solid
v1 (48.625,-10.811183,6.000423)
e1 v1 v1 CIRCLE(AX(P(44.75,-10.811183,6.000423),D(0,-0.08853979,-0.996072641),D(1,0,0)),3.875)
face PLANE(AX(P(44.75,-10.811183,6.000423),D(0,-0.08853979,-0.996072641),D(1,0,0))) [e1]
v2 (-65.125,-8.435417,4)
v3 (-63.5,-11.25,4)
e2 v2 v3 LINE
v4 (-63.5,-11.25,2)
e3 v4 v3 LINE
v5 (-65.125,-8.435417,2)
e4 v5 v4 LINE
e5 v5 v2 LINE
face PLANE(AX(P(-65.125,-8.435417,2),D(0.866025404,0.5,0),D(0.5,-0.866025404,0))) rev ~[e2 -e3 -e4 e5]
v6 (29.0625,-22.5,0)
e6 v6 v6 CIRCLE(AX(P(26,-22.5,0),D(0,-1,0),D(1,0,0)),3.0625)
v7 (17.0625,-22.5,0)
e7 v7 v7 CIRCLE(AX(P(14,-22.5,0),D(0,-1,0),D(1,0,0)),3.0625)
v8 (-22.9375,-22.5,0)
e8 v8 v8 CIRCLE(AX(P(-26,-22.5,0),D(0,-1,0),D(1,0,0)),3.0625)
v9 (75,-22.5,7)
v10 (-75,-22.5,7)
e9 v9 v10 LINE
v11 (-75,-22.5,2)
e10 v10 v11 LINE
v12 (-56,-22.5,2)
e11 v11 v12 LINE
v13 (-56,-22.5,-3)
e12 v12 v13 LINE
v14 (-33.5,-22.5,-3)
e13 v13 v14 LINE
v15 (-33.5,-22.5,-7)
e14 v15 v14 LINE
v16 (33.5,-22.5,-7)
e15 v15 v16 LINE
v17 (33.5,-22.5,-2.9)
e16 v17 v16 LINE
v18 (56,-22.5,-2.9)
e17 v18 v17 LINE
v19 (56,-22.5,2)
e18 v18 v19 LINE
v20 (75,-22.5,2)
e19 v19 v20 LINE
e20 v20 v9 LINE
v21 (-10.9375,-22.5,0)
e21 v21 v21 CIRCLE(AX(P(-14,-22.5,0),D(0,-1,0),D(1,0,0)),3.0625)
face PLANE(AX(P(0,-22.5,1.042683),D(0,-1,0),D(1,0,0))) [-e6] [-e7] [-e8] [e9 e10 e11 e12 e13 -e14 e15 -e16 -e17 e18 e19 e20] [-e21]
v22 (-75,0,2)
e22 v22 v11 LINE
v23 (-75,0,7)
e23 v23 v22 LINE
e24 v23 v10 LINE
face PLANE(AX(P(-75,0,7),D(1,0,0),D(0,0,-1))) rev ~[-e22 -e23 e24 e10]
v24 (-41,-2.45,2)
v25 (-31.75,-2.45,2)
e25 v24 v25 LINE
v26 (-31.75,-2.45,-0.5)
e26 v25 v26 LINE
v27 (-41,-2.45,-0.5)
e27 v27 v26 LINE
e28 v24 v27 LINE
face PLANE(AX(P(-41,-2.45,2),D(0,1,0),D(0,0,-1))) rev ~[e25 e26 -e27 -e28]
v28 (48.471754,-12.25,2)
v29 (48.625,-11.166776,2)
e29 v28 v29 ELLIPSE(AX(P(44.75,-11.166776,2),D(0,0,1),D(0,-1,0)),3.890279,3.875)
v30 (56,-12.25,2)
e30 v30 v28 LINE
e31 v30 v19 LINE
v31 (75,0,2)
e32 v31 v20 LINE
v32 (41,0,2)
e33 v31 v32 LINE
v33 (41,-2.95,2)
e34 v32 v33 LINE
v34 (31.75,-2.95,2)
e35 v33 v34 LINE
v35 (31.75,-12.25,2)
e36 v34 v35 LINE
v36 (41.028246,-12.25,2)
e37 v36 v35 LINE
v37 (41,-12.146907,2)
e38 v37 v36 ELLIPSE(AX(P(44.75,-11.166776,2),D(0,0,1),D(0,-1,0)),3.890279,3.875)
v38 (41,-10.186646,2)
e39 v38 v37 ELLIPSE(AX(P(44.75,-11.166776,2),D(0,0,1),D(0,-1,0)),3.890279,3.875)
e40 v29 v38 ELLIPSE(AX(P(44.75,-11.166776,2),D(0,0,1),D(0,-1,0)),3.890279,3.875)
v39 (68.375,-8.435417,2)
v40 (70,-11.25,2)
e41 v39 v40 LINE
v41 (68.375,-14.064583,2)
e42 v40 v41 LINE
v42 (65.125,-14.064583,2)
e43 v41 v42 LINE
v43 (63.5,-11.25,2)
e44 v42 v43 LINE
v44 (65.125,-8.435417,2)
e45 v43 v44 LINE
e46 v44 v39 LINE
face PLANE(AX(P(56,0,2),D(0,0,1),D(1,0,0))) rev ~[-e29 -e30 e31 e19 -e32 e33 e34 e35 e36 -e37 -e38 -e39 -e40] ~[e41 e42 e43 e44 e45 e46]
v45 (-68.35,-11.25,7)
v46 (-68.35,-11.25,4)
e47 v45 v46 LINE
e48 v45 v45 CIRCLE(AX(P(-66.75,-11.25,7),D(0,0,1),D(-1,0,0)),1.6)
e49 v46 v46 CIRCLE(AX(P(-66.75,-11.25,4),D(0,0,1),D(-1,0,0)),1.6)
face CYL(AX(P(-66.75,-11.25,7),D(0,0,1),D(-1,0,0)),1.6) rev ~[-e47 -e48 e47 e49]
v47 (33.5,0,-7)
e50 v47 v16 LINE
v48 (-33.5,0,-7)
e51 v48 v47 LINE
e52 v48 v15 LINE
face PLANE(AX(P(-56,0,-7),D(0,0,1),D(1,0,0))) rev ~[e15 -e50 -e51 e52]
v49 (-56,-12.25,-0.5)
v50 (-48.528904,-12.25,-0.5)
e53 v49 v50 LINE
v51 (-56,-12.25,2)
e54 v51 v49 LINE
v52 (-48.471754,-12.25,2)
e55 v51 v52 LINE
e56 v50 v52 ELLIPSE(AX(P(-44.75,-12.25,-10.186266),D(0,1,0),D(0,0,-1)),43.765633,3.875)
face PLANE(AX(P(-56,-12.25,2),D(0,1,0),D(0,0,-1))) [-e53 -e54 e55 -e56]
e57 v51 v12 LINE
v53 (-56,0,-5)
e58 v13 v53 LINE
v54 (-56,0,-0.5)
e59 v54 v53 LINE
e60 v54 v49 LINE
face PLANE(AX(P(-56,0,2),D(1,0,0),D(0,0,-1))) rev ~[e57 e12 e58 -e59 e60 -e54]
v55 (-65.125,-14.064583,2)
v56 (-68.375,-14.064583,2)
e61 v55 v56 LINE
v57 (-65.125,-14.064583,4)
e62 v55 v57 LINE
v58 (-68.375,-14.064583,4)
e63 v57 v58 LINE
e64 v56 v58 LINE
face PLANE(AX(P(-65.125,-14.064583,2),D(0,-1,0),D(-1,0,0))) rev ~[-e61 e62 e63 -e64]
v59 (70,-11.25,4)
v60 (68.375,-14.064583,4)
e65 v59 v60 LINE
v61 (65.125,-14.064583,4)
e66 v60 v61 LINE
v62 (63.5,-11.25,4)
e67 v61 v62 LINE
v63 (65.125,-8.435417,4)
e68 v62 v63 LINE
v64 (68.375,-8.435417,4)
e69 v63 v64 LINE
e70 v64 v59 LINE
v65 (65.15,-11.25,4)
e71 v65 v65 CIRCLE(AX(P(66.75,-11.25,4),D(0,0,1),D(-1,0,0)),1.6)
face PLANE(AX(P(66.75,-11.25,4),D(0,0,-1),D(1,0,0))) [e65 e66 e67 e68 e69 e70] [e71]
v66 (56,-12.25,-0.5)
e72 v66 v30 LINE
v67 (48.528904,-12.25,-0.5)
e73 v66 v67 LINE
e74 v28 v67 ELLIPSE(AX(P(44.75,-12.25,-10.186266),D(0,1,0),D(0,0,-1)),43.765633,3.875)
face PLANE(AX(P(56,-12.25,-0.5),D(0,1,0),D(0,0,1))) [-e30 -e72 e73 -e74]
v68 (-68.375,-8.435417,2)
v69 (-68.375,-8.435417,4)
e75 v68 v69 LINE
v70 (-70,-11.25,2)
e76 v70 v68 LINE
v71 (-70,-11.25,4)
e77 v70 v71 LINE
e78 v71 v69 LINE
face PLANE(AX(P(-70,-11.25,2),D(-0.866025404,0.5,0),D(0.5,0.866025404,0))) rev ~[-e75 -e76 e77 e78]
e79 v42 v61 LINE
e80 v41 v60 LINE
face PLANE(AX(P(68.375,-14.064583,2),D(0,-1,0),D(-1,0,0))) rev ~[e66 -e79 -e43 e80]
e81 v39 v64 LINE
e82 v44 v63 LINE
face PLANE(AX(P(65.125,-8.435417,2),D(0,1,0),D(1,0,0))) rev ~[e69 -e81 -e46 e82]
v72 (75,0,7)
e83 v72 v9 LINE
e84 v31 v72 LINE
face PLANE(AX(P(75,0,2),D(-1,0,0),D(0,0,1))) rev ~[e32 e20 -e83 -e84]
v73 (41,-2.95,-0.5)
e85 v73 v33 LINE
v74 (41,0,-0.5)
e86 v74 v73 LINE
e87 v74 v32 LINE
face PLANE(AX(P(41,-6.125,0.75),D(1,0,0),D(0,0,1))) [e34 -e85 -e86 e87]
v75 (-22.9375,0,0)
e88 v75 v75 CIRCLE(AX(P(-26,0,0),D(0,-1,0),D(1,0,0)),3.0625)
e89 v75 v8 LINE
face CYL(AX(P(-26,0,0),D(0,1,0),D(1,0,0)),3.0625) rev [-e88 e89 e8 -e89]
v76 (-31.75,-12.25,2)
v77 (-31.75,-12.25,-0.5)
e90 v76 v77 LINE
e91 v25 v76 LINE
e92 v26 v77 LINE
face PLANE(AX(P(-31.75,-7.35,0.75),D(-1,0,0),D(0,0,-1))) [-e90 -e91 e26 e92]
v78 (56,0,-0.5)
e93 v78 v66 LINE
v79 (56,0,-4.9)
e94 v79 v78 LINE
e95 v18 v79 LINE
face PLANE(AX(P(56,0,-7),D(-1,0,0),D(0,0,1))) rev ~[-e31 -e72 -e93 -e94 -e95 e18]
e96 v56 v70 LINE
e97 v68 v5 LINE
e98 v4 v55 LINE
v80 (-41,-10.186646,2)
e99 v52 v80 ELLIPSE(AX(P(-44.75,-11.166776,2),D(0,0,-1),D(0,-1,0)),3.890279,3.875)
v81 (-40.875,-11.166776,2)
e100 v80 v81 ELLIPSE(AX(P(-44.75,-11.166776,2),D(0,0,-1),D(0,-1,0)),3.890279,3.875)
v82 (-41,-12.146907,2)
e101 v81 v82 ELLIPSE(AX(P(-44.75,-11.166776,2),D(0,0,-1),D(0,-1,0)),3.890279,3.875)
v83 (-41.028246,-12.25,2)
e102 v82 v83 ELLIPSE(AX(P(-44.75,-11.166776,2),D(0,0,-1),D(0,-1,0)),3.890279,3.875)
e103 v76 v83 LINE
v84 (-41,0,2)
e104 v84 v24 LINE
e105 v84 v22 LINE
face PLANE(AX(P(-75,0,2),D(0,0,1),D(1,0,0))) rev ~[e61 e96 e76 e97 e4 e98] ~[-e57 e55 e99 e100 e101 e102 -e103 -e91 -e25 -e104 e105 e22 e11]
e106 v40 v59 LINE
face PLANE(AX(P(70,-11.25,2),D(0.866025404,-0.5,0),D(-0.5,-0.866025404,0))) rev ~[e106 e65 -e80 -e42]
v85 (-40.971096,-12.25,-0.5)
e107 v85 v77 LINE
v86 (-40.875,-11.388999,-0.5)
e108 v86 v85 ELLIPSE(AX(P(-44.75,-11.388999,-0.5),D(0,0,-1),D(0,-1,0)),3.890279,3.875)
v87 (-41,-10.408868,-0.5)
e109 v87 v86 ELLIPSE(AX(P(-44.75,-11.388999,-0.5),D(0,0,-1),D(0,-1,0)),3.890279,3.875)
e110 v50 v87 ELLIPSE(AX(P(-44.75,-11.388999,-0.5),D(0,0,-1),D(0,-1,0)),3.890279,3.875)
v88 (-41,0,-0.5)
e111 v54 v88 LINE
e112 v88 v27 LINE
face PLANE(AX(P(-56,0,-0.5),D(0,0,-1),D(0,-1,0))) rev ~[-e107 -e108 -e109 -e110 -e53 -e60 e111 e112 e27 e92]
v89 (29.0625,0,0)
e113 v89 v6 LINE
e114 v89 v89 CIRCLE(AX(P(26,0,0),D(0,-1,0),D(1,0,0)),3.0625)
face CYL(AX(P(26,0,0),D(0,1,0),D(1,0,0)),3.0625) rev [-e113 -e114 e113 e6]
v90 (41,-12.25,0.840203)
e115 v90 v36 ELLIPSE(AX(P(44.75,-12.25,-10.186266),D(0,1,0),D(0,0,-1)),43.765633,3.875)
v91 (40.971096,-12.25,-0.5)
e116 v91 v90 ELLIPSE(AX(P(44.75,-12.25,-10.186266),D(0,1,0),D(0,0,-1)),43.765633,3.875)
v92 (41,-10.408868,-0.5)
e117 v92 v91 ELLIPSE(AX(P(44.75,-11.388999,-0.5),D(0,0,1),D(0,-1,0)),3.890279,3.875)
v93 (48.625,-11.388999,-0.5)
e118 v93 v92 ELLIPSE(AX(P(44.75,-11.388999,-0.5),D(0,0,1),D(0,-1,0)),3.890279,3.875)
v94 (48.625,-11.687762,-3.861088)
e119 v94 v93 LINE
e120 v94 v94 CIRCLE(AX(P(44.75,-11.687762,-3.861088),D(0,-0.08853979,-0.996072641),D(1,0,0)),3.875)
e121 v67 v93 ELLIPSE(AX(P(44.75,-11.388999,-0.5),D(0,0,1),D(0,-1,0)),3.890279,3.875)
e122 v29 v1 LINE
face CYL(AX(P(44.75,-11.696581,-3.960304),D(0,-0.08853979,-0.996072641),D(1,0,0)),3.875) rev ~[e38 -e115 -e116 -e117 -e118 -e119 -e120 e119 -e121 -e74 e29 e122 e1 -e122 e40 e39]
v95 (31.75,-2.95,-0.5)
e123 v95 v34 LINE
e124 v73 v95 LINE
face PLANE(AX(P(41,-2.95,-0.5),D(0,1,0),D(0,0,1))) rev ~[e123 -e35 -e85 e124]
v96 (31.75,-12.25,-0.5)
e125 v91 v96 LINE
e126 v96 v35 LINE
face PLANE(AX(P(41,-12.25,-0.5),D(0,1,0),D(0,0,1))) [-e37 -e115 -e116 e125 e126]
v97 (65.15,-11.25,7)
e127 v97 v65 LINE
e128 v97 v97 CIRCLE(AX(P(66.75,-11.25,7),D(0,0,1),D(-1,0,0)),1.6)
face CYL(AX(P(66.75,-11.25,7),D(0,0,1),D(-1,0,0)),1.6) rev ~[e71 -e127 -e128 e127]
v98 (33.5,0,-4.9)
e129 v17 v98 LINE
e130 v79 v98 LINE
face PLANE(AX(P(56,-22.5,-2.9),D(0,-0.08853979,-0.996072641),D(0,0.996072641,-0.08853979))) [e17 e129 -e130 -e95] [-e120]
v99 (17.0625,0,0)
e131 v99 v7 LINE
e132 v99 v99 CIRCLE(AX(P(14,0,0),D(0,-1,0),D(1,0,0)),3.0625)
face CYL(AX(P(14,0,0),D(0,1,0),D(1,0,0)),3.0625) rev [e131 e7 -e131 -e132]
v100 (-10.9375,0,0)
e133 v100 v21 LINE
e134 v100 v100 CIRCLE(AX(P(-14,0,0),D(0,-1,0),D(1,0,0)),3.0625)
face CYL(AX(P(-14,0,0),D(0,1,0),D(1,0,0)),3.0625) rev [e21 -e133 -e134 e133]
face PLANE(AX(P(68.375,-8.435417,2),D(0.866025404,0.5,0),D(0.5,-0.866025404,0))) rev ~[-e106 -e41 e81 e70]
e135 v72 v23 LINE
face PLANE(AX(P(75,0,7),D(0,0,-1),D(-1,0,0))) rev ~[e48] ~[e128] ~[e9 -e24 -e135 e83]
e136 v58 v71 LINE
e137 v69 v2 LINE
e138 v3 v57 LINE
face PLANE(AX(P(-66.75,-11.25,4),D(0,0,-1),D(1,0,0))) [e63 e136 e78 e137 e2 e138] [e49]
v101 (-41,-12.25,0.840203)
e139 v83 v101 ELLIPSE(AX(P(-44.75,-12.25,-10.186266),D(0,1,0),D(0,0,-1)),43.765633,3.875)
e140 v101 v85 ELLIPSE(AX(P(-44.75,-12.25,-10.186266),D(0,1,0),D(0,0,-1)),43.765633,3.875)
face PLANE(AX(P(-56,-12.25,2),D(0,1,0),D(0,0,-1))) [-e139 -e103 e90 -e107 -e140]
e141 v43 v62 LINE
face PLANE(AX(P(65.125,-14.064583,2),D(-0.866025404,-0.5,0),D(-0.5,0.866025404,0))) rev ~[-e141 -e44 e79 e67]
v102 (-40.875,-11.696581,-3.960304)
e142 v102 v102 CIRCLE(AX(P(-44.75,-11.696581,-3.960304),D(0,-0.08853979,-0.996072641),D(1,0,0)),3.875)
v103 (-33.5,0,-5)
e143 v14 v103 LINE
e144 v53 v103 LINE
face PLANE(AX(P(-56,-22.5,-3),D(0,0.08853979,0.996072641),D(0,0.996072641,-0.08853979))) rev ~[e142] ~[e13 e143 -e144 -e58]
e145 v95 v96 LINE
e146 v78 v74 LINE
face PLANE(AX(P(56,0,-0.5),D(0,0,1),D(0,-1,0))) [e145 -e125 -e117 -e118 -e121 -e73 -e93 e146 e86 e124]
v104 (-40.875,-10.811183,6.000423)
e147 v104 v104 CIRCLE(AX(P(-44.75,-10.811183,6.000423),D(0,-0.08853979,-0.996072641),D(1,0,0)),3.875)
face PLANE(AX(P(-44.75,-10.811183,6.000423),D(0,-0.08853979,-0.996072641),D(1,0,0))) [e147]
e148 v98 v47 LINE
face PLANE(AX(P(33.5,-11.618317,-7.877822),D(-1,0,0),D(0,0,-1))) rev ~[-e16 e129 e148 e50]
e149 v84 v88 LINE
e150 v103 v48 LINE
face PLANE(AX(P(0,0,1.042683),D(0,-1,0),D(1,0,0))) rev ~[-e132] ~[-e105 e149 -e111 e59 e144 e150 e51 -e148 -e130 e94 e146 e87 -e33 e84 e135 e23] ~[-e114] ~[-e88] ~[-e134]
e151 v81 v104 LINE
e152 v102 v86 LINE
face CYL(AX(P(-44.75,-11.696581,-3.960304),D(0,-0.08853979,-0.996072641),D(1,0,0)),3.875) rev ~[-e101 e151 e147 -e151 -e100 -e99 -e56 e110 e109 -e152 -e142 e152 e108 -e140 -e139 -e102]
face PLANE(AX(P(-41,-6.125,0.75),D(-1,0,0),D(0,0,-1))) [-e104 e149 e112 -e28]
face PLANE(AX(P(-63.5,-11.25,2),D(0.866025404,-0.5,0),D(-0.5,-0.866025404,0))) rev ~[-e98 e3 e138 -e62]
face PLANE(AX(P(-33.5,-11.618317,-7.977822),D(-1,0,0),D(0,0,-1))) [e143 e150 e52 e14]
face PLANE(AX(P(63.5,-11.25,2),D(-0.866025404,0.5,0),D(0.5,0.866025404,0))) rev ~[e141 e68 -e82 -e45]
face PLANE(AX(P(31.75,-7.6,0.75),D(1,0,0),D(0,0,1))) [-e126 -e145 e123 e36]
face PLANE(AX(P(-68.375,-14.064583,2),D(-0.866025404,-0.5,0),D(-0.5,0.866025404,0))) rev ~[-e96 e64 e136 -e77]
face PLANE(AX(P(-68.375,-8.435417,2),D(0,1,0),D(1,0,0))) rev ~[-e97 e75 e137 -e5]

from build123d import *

# Parameters (mm, degrees)
SKETCH007_R     = 3.0625
PAD002_DEPTH    = 22.5
POCKET005_DEPTH = 22.5
POCKET006_DEPTH = 22.5
SKETCH010_R     = 3.875
POCKET007_DEPTH = 10
SKETCH011_W     = 2.5
SKETCH011_H     = 12.25
POCKET008_DEPTH = 15
SKETCH012_W     = 2.5
SKETCH012_H     = 9.3
POCKET009_DEPTH = 9.25
SKETCH013_W     = 2.5
SKETCH013_H     = 12.25
POCKET010_DEPTH = 15
SKETCH014_W     = 2.5
SKETCH014_H     = 9.8
POCKET011_DEPTH = 9.25
SKETCH031_R     = 1.6
POCKET019_DEPTH = 5
POCKET020_DEPTH = 2


with BuildPart() as part:
    # Sketch007 → Pad002 (new body)
    with BuildSketch(Plane.XZ):
        Polygon((-56, -7), (56, -7), (56, 2), (75, 2), (75, 7), (-75, 7), (-75, 2), (-56, 2), align=None)
        with Locations((-14, 0)):
            Circle(SKETCH007_R, mode=Mode.SUBTRACT)
        with Locations((14, 0)):
            Circle(SKETCH007_R, mode=Mode.SUBTRACT)
        with Locations((-26, 0)):
            Circle(SKETCH007_R, mode=Mode.SUBTRACT)
        with Locations((26, 0)):
            Circle(SKETCH007_R, mode=Mode.SUBTRACT)
    extrude(amount=PAD002_DEPTH)

    # Sketch008 (on Face3 of Pad002) → Pocket005 (cut)
    with BuildSketch(Plane(origin=(-56, 0, 0), x_dir=(0, 0, -1), z_dir=(-1, 0, 0))):
        Polygon((5, 22.5), (3, 22.5), (5, 0), (12, 0), (12, 22.5), align=None)
    extrude(amount=-POCKET005_DEPTH, mode=Mode.SUBTRACT)

    # Sketch009 (on Face11 of Pocket005) → Pocket006 (cut)
    with BuildSketch(Plane(origin=(56, 0, 0), x_dir=(0, 0, 1), z_dir=(1, 0, 0))):
        Polygon((-4.9, 0), (-11.9, 0), (-11.9, 22.5), (-4.9, 22.5), (-2.9, 22.5), align=None)
    extrude(amount=-POCKET006_DEPTH, mode=Mode.SUBTRACT)

    # Sketch010 (on Face8 of Pocket006) → Pocket007 (cut)
    with BuildSketch(Plane(origin=(0, -0.4409603136, -4.9608035277), x_dir=(1, 0, 0), z_dir=(0, -0.0885397903, -0.9960726407))):
        with Locations((-44.75, 11.3)):
            Circle(SKETCH010_R)
        with Locations((44.75, 11.3)):
            Circle(SKETCH010_R)
    extrude(amount=-POCKET007_DEPTH, mode=Mode.SUBTRACT)

    # Sketch011 (on Face13 of Pocket007) → Pocket008 (cut)
    with BuildSketch(Plane(origin=(56, 0, 0), x_dir=(0, 0, 1), z_dir=(1, 0, 0))):
        with Locations((0.75, 6.125)):
            Rectangle(SKETCH011_W, SKETCH011_H)
    extrude(amount=-POCKET008_DEPTH, mode=Mode.SUBTRACT)

    # Sketch012 (on Face15 of Pocket008) → Pocket009 (cut)
    with BuildSketch(Plane(origin=(41, 0, 0), x_dir=(0, 0, 1), z_dir=(1, 0, 0))):
        with Locations((0.75, 7.6)):
            Rectangle(SKETCH012_W, SKETCH012_H)
    extrude(amount=-POCKET009_DEPTH, mode=Mode.SUBTRACT)

    # Sketch013 (on Face7 of Pocket009) → Pocket010 (cut)
    with BuildSketch(Plane(origin=(-56, 0, 0), x_dir=(0, 0, -1), z_dir=(-1, 0, 0))):
        with Locations((-0.75, 6.125)):
            Rectangle(SKETCH013_W, SKETCH013_H)
    extrude(amount=-POCKET010_DEPTH, mode=Mode.SUBTRACT)

    # Sketch014 (on Face9 of Pocket010) → Pocket011 (cut)
    with BuildSketch(Plane(origin=(-41, 0, 0), x_dir=(0, 0, -1), z_dir=(-1, 0, 0))):
        with Locations((-0.75, 7.35)):
            Rectangle(SKETCH014_W, SKETCH014_H)
    extrude(amount=-POCKET011_DEPTH, mode=Mode.SUBTRACT)

    # Sketch031 (on Face2 of Pocket011) → Pocket019 (cut)
    with BuildSketch(Plane(origin=(0, 0, 7), x_dir=(-1, 0, 0), z_dir=(0, 0, 1))):
        with Locations((-66.75, 11.25)):
            Circle(SKETCH031_R)
        with Locations((66.75, 11.25)):
            Circle(SKETCH031_R)
    extrude(amount=-POCKET019_DEPTH, mode=Mode.SUBTRACT)

    # Sketch032 (on Face22 of Pocket019) → Pocket020 (cut)
    with BuildSketch(Plane(origin=(0, 0, 2), x_dir=(1, 0, 0), z_dir=(0, 0, -1))):
        Polygon((-65.125, 8.4354174377), (-63.5, 11.25), (-65.125, 14.0645825623), (-68.375, 14.0645825623), (-70, 11.25), (-68.375, 8.4354174377), align=None)
        Polygon((68.375, 8.4354174377), (70, 11.25), (68.375, 14.0645825623), (65.125, 14.0645825623), (63.5, 11.25), (65.125, 8.4354174377), align=None)
    extrude(amount=-POCKET020_DEPTH, mode=Mode.SUBTRACT)


solid = part.part
